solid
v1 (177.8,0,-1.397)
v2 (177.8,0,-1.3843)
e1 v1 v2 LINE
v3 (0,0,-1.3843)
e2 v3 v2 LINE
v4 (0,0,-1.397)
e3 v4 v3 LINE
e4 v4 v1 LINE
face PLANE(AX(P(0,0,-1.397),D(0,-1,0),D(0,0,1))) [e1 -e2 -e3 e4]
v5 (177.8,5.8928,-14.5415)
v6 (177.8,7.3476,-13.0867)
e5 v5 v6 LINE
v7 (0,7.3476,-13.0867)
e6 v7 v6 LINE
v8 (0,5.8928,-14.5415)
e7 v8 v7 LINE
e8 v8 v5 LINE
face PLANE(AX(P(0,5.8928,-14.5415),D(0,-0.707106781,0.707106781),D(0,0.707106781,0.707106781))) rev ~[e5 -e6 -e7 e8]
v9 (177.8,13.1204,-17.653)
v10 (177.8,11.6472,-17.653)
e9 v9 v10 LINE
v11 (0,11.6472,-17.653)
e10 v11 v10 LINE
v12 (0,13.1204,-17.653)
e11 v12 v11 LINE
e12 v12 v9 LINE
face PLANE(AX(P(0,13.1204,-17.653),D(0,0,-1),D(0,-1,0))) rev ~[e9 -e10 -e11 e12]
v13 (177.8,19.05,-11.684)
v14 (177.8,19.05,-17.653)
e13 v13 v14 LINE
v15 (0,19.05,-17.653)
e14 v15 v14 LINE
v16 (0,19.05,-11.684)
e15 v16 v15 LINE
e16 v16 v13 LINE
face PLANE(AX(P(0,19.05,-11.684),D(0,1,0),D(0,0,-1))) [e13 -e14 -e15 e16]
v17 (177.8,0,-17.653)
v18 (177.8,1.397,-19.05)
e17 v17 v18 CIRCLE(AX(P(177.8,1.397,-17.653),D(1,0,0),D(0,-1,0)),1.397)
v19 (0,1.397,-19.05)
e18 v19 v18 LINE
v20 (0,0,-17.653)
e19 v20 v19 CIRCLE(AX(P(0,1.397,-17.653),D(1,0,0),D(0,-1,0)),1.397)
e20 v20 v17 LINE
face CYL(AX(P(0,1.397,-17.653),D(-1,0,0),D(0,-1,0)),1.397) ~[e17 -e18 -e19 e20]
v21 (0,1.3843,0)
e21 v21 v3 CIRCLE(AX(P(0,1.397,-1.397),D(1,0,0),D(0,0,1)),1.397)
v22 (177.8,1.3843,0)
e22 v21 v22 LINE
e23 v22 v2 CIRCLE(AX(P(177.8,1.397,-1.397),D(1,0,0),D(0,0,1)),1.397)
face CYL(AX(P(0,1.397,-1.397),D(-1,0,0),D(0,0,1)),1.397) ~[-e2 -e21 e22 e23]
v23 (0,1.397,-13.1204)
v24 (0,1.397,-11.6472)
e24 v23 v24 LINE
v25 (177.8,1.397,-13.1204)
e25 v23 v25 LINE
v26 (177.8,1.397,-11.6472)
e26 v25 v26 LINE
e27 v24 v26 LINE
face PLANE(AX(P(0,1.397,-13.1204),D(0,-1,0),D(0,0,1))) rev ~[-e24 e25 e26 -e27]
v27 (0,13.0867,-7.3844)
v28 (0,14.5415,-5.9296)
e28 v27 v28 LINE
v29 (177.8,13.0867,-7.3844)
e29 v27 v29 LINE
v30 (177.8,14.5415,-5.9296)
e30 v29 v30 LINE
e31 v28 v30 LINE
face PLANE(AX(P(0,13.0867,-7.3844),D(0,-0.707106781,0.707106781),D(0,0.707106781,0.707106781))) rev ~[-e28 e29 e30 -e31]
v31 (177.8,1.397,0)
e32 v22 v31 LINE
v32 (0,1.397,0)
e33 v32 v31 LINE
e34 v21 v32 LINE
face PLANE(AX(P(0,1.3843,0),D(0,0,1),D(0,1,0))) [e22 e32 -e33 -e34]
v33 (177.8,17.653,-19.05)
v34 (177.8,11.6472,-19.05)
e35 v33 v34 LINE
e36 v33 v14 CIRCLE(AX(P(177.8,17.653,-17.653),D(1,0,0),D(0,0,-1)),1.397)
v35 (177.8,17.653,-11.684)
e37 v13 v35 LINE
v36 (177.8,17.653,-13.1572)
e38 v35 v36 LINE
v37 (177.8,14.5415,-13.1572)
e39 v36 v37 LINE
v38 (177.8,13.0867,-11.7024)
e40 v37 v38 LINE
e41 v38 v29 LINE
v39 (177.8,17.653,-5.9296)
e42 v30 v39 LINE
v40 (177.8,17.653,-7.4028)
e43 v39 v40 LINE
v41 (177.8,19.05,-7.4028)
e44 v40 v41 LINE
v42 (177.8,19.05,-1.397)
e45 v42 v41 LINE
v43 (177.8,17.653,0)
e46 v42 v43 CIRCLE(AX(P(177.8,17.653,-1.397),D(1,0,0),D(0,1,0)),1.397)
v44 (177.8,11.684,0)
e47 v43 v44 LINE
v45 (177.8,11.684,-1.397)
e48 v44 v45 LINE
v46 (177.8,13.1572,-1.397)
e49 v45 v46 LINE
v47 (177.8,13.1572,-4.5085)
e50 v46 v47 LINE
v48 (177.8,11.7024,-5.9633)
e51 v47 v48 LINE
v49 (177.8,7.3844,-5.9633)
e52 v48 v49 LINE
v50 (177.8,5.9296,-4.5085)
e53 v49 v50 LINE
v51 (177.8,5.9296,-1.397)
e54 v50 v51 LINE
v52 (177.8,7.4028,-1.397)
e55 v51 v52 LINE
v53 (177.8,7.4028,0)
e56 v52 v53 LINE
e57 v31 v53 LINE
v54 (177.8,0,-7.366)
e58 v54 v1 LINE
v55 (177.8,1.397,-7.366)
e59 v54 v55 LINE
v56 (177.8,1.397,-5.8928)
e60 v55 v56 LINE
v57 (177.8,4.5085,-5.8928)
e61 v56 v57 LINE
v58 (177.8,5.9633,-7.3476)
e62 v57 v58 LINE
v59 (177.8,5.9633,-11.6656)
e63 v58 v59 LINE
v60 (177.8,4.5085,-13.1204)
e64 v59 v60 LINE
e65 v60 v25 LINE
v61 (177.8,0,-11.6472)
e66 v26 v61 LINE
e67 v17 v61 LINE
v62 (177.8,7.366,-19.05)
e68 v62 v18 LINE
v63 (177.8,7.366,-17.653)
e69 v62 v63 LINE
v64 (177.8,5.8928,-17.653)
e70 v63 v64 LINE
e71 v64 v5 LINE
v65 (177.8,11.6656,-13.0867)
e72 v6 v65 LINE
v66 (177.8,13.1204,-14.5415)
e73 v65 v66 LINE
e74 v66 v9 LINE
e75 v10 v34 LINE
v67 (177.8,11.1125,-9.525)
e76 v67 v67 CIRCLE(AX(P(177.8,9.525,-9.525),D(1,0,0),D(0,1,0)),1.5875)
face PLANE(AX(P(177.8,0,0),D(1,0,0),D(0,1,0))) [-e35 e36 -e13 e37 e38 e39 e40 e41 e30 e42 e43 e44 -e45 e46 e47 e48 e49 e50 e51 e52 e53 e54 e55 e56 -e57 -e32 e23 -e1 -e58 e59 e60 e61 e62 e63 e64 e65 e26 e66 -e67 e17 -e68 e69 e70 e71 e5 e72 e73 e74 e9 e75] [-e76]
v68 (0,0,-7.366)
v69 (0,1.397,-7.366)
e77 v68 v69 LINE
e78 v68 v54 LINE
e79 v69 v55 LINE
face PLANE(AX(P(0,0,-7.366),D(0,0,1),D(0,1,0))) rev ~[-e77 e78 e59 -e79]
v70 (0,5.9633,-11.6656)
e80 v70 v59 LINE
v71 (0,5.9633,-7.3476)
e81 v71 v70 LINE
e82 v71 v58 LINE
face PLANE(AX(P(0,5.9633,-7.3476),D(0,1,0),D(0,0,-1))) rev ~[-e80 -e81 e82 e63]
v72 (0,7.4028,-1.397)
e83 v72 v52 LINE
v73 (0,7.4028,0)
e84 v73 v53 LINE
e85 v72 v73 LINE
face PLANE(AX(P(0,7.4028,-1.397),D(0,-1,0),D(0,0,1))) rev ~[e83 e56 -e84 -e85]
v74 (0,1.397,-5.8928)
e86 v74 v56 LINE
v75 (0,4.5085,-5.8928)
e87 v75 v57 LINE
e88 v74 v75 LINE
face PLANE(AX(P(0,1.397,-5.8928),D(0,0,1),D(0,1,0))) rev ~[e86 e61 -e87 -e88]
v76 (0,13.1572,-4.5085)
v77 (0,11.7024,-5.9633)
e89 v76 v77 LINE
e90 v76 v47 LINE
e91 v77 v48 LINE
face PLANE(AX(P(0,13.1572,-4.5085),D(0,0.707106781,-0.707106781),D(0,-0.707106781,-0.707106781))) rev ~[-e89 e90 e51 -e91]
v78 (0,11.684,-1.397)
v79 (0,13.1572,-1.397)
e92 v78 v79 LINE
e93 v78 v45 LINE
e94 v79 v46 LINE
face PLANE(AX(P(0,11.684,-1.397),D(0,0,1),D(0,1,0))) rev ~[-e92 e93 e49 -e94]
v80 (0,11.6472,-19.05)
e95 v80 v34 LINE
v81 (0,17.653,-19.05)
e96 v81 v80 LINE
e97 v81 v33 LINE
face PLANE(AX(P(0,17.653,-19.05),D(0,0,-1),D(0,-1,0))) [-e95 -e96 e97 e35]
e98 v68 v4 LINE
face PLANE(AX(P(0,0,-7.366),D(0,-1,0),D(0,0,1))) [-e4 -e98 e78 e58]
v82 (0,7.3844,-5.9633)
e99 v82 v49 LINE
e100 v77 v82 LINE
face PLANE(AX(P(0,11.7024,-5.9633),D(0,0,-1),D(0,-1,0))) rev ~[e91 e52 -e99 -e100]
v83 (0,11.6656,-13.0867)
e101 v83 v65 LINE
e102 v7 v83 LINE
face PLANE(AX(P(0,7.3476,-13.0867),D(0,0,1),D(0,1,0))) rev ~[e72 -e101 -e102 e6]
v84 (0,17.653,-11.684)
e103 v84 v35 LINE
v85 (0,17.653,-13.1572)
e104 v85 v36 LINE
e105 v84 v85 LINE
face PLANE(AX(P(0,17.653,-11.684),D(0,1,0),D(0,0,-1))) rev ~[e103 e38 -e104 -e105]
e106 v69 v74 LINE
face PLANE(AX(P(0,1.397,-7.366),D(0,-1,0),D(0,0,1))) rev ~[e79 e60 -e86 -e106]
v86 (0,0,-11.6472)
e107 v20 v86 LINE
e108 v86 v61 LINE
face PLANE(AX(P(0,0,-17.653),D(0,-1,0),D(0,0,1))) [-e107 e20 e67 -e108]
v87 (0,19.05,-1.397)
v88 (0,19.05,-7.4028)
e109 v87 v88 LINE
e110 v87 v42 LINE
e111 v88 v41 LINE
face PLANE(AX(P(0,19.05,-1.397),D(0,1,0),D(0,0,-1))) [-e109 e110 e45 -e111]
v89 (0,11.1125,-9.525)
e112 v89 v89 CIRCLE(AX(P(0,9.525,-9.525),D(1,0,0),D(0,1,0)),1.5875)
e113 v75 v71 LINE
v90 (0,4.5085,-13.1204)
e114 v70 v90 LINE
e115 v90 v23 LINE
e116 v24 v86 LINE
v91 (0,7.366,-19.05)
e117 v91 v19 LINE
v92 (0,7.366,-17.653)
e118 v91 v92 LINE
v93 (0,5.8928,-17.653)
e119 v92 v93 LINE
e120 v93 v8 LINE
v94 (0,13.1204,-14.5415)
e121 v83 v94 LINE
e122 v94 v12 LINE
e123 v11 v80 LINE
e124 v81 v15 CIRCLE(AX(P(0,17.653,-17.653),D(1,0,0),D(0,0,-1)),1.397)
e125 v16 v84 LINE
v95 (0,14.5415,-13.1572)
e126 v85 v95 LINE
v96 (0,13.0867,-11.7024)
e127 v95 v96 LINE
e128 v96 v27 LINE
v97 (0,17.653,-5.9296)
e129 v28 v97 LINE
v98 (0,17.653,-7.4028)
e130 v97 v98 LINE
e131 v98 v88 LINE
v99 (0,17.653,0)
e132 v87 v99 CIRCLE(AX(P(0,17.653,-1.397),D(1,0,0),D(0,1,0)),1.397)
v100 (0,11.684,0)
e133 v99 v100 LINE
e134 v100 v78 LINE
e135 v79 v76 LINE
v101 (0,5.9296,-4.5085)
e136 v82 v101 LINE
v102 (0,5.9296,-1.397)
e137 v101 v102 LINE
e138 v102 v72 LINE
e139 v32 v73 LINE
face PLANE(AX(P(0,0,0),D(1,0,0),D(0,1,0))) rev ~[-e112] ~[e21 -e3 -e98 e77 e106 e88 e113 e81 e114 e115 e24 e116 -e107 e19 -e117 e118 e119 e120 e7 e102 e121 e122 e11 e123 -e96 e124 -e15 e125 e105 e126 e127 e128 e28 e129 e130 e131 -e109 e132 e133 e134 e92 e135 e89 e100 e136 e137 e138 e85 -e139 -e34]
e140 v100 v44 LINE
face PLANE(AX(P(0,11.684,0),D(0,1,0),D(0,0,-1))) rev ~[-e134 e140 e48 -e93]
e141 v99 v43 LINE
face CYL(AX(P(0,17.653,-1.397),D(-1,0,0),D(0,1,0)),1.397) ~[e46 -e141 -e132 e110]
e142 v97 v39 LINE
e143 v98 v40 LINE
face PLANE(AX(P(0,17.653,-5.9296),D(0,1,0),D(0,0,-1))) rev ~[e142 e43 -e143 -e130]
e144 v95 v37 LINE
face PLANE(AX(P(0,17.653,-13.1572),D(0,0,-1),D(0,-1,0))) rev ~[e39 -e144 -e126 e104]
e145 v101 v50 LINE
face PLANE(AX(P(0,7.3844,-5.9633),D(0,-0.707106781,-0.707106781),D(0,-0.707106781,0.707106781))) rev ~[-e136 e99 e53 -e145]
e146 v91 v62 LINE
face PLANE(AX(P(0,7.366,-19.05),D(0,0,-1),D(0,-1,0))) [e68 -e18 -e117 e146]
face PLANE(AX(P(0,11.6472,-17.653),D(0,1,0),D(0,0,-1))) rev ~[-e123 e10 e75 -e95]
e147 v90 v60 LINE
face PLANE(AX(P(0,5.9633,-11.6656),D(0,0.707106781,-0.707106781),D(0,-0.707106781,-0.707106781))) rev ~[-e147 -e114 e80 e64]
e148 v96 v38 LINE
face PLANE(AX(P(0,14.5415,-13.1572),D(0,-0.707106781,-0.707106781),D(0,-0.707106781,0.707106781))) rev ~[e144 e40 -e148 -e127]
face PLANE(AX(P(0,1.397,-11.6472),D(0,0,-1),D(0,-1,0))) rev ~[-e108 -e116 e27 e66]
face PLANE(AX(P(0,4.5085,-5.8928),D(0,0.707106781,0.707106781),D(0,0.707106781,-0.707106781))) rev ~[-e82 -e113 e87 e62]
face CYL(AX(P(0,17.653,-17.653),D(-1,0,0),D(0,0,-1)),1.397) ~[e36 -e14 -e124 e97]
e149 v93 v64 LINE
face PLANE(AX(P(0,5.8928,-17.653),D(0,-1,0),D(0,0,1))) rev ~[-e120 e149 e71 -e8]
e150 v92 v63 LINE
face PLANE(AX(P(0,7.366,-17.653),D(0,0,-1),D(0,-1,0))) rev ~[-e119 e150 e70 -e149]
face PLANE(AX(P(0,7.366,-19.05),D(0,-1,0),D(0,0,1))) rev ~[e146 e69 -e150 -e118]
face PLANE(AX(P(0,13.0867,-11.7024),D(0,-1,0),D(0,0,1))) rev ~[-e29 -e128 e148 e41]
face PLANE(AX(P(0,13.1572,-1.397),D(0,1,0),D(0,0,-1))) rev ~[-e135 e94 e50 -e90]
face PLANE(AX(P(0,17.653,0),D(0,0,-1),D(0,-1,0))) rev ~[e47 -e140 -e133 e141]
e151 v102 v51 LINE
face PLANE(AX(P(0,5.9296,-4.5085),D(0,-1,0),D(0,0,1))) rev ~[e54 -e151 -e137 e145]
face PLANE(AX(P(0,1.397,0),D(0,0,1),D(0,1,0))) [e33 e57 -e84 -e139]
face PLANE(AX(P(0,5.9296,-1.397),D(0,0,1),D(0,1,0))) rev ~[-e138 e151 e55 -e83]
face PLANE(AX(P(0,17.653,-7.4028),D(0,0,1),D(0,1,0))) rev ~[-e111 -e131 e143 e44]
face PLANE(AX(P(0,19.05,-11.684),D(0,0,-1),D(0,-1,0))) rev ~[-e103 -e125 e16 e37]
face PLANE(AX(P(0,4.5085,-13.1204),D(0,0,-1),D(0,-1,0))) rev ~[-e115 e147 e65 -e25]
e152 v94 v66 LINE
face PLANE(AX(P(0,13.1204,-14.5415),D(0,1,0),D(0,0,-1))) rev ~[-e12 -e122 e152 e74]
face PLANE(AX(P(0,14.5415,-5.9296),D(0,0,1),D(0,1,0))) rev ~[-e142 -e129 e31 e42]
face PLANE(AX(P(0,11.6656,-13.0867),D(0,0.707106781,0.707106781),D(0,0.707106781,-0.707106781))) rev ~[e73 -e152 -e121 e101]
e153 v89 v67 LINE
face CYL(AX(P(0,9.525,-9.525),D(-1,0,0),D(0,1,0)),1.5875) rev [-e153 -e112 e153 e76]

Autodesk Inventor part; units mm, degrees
ref_plane "YZ Plane" through (0, 0, 0) normal (1, 0, 0) x (0, 1, 0)
ref_plane "XZ Plane" through (0, 0, 0) normal (0, 1, 0) x (-1, 0, 0)
ref_plane "XY Plane" through (0, 0, 0) normal (0, 0, 1) x (1, 0, 0)
sketch "Sketch2" plane through (0, 0, 0) normal (1, 0, 0) x (0, 1, 0)
  line L0 (1.3843, 0) -> (1.397, 0)
  line L1 (17.653, 0) -> (11.684, 0)
  line L2 (11.684, 0) -> (11.684, -1.397)
  line L3 (11.684, -1.397) -> (13.1572, -1.397)
  line L4 (13.1572, -1.397) -> (13.1572, -4.5085)
  line L5 (13.1572, -4.5085) -> (11.7024, -5.9633)
  line L6 (11.7024, -5.9633) -> (7.3844, -5.9633)
  line L7 (7.3844, -5.9633) -> (5.9296, -4.5085)
  line L8 (5.9296, -4.5085) -> (5.9296, -1.397)
  line L9 (5.9296, -1.397) -> (7.4028, -1.397)
  line L10 (7.4028, -1.397) -> (7.4028, 0)
  line L11 (1.397, 0) -> (7.4028, 0)
  line L12 (11.684, 0) -> (19.05, 0)
  line L13 (5.9633, -7.3476) -> (5.9633, -11.6656)
  line L14 (4.5085, -5.8928) -> (5.9633, -7.3476)
  line L15 (5.9633, -11.6656) -> (4.5085, -13.1204)
  line L16 (1.397, -13.1204) -> (1.397, -11.6472)
  line L17 (4.5085, -13.1204) -> (1.397, -13.1204)
  line L18 (1.397, -11.6472) -> (0, -11.6472)
  line L19 (1.397, -5.8928) -> (4.5085, -5.8928)
  line L20 (0, -7.366) -> (1.397, -7.366)
  line L21 (1.397, -7.366) -> (1.397, -5.8928)
  line L22 (7.3476, -13.0867) -> (11.6656, -13.0867)
  line L23 (5.8928, -14.5415) -> (7.3476, -13.0867)
  line L24 (11.6656, -13.0867) -> (13.1204, -14.5415)
  line L25 (13.1204, -17.653) -> (11.6472, -17.653)
  line L26 (13.1204, -14.5415) -> (13.1204, -17.653)
  line L27 (11.6472, -17.653) -> (11.6472, -19.05)
  line L28 (5.8928, -17.653) -> (5.8928, -14.5415)
  line L29 (7.366, -19.05) -> (7.366, -17.653)
  line L30 (7.366, -17.653) -> (5.8928, -17.653)
  line L31 (13.0867, -11.7024) -> (13.0867, -7.3844)
  line L32 (14.5415, -13.1572) -> (13.0867, -11.7024)
  line L33 (13.0867, -7.3844) -> (14.5415, -5.9296)
  line L34 (17.653, -5.9296) -> (17.653, -7.4028)
  line L35 (14.5415, -5.9296) -> (17.653, -5.9296)
  line L36 (17.653, -7.4028) -> (19.05, -7.4028)
  line L37 (17.653, -13.1572) -> (14.5415, -13.1572)
  line L38 (19.05, -11.684) -> (17.653, -11.684)
  line L39 (17.653, -11.684) -> (17.653, -13.1572)
  line L40 (1.3843, 0) -> (1.397, 0)
  line L41 (19.05, -1.397) -> (19.05, -7.4028)
  line L42 (19.05, -11.684) -> (19.05, -17.653)
  line L43 (17.653, -19.05) -> (11.6472, -19.05)
  line L44 (7.366, -19.05) -> (1.397, -19.05)
  line L45 (0, -17.653) -> (0, -11.6472)
  line L46 (0, -7.366) -> (0, -1.397)
  line L47 (0, -7.366) -> (0, -1.397)
  circle A0 centre (9.525, -9.525) radius 1.5875
  line L48 (1.3843, 0) -> (1.397, 0)
  line L49 (0, -1.397) -> (0, -1.3843)
  arc A1 (1.397, 0) -> (0, -1.397) centre (1.397, -1.397) ccw
  arc A2 (0, -17.653) -> (1.397, -19.05) centre (1.397, -17.653) ccw
  arc A3 (17.653, -19.05) -> (19.05, -17.653) centre (17.653, -17.653) ccw
  arc A4 (19.05, -1.397) -> (17.653, 0) centre (17.653, -1.397) ccw
  point P0 (0, 0)
  dimension "d34" = 7.366
  dimension "d35" = 1.397
  dimension "d37" = 1.4732
  dimension "d38" = 3.1115
  dimension "d39" = 2.0574
  dimension "d40" = 135
  dimension "d41" = 4.318
  dimension "d42" = 2.0574
  dimension "d43" = 1.4732
  dimension "d46" = 1.397
  dimension "d49" = 360
  dimension "d56" = 19.05
  dimension "d58" = 3.175
  dimension "d61" = 1.397
  dimension "d62" = 1.397
  dimension "d63" = 1.397
  dimension "d64" = 1.397
  dimension "d67" = 360
  dimension "d71" = 3.1115
extrude "Extrusion1" add sketch "Sketch2" along normal blind 177.8
properties part number "Extrusion"
